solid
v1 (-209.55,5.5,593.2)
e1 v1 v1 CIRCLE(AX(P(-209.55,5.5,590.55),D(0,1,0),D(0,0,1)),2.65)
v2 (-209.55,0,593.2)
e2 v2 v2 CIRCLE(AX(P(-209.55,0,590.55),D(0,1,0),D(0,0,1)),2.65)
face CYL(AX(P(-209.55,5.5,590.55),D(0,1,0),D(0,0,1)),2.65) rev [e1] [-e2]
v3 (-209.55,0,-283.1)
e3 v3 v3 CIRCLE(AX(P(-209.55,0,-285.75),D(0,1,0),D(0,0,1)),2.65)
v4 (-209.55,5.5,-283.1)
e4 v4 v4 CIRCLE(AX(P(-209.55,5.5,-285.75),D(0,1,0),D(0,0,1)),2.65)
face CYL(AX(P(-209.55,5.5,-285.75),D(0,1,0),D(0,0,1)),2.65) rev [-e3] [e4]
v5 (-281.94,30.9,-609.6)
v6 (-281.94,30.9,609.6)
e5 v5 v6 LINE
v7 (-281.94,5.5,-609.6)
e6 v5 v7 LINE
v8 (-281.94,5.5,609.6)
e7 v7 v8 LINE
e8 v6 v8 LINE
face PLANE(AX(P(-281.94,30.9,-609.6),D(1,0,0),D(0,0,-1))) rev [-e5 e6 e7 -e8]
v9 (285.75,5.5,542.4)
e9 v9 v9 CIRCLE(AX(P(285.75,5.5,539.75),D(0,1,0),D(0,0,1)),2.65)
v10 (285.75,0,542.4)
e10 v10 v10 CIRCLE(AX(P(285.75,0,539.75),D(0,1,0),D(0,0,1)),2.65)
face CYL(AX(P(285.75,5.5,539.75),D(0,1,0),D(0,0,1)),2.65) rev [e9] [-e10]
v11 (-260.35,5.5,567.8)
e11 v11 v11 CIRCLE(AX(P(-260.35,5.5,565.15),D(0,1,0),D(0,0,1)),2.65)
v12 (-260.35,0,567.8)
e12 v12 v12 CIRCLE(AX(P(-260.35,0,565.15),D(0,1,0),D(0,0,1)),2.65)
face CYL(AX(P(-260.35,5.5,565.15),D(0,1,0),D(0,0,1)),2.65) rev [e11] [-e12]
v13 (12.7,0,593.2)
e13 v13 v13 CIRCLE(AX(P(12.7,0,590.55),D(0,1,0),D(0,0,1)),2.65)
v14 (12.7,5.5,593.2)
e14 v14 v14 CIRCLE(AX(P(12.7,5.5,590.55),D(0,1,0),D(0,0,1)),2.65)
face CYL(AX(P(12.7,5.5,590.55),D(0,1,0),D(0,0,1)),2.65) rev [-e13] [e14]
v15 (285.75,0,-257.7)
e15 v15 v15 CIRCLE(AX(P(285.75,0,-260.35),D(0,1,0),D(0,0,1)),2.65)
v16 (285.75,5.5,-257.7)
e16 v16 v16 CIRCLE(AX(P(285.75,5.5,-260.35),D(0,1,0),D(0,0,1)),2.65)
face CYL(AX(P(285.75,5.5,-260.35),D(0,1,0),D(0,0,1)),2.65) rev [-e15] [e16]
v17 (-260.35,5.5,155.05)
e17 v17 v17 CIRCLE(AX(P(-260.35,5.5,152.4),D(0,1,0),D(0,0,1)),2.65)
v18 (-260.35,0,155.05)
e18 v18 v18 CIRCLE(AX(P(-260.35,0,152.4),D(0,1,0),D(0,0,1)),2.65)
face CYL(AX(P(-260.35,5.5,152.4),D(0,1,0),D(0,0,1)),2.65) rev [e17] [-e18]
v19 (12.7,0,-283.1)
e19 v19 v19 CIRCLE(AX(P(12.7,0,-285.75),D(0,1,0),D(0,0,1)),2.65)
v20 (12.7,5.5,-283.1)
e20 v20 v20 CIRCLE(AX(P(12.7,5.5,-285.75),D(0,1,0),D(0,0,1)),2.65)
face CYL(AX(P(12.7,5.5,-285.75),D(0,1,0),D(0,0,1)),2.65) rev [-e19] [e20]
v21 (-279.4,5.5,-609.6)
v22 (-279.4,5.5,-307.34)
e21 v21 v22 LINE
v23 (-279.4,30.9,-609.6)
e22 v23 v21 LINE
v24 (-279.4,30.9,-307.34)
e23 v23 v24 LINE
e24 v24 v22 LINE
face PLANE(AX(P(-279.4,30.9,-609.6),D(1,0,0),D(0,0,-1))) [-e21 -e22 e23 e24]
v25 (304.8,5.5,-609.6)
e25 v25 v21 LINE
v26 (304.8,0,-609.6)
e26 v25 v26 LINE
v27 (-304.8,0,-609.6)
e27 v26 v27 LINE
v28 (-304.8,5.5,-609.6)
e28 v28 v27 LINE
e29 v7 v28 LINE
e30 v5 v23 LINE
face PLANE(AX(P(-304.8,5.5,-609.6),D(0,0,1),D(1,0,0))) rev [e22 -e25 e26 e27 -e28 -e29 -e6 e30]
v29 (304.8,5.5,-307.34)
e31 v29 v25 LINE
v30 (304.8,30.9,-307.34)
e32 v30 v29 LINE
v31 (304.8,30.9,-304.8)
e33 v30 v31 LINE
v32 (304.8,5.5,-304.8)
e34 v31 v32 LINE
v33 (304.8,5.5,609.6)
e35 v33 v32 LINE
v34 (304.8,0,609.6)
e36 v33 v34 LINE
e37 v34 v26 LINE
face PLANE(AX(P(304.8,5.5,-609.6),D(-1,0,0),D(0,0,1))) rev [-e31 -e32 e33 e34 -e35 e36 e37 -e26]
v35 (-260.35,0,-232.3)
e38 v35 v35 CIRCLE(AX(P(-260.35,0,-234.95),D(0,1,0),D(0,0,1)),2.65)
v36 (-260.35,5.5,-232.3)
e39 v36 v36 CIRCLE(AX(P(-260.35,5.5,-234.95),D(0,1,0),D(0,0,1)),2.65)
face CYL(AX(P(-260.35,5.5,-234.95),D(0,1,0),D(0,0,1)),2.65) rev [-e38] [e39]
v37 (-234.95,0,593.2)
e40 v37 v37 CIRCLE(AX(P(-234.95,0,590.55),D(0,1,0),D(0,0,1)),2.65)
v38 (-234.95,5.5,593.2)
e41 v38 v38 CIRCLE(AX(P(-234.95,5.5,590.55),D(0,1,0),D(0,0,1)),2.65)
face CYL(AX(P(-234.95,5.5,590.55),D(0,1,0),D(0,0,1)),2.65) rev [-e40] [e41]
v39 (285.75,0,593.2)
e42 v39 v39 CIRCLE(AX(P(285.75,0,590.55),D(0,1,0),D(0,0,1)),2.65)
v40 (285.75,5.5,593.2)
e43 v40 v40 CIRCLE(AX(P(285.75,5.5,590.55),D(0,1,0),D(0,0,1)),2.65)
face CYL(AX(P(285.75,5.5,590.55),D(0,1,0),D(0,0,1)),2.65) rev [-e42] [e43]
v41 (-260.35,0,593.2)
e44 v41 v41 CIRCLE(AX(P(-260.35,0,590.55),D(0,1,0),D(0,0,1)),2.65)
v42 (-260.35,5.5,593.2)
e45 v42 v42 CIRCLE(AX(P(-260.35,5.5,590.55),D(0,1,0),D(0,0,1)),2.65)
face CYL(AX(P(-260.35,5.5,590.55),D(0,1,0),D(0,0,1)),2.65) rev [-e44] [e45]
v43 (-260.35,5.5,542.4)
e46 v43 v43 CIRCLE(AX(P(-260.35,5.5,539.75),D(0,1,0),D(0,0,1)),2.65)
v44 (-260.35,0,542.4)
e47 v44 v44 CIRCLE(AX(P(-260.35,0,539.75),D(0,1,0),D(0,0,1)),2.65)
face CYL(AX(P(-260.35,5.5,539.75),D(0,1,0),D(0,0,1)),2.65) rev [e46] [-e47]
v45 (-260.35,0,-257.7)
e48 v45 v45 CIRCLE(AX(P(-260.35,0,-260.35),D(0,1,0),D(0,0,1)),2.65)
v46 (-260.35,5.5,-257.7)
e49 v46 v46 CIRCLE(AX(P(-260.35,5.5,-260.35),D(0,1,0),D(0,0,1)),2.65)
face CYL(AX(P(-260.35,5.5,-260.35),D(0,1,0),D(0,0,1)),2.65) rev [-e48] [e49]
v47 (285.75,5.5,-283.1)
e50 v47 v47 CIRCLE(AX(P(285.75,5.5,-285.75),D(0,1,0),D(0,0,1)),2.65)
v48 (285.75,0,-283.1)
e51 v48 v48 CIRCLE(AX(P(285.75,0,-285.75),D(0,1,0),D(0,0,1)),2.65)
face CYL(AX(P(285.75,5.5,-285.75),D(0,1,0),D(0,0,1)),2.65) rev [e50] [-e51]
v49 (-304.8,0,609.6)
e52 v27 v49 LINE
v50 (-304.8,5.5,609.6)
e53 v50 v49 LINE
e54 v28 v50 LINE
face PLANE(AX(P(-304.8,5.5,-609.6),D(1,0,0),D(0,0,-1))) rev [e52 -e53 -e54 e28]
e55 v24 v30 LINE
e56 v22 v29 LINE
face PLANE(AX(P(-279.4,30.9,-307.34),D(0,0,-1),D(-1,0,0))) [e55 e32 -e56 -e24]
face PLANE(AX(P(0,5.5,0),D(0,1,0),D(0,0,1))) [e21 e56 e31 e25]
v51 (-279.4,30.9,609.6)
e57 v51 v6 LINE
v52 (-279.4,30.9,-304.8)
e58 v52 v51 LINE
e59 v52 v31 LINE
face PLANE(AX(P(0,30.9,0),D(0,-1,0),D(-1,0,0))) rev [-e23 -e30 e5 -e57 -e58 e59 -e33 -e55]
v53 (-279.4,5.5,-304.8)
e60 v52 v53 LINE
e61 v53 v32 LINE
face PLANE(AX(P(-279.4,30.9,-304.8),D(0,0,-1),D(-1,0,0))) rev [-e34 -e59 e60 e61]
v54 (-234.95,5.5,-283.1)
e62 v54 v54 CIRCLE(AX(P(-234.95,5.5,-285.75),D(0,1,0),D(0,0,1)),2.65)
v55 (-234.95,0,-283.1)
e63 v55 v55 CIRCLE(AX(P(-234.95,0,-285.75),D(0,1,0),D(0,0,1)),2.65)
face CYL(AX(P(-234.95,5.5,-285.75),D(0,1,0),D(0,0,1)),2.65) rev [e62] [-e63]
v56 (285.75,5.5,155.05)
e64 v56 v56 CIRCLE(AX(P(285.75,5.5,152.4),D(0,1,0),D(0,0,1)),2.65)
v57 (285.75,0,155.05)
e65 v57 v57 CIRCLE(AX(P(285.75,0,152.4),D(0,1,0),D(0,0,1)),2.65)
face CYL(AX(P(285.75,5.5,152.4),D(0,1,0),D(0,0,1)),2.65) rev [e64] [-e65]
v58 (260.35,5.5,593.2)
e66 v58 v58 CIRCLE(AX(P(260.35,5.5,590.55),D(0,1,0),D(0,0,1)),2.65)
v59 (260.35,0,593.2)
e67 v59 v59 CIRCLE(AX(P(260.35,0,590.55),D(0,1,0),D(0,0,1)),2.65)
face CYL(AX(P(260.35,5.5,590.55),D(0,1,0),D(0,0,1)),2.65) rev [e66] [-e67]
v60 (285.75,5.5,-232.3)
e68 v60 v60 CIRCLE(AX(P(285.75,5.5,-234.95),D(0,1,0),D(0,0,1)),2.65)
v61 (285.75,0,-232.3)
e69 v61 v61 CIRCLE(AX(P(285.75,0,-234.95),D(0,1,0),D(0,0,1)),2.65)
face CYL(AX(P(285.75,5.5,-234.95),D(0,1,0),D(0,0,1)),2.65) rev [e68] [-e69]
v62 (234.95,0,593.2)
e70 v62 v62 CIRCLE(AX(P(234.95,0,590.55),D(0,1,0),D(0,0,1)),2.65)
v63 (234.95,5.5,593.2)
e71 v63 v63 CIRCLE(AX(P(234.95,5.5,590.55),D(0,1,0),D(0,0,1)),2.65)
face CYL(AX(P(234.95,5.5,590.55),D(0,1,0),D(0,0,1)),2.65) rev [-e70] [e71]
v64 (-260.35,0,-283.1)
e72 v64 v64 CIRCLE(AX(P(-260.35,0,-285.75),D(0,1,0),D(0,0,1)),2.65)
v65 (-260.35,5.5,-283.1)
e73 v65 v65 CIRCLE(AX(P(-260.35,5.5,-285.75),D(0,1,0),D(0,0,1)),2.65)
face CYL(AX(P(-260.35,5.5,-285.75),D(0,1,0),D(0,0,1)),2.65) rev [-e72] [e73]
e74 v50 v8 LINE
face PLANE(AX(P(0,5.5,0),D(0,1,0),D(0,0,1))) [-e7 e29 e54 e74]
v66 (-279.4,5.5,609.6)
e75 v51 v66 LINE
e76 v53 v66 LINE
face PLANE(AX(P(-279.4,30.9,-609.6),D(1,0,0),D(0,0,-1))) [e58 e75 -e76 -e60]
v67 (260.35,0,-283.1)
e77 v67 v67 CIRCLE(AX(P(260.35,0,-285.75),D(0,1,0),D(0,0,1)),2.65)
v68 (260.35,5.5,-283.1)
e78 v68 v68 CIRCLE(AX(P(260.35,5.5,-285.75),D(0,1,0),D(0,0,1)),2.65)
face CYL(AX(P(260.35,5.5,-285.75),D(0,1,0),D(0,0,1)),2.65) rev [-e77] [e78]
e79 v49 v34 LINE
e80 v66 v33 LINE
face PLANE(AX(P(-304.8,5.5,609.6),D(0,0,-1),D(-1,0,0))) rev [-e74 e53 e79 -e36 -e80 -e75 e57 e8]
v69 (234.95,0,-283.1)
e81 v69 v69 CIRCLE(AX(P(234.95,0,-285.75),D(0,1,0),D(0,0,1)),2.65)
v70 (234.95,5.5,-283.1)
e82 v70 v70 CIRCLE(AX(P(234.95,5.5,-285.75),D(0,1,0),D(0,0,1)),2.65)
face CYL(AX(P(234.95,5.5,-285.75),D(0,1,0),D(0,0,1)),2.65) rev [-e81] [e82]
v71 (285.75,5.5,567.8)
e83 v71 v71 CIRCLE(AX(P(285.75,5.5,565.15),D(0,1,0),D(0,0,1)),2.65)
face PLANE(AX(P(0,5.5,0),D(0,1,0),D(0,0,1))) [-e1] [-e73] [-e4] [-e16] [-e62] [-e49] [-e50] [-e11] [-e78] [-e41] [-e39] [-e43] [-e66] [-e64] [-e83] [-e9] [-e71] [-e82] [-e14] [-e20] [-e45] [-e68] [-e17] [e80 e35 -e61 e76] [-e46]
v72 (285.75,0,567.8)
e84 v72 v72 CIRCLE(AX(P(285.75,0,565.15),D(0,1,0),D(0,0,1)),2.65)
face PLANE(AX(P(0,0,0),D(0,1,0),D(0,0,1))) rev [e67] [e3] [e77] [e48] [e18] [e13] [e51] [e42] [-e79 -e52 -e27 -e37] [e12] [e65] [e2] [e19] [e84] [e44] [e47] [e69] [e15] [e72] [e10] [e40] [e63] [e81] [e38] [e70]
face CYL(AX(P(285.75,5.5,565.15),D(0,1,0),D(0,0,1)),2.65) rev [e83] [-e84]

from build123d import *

# Parameters (mm, degrees)
SKETCH1_W                  = 609.6
SKETCH1_H                  = 1219.2
BOSS_EXTRUDE1_DEPTH        = 5.5
SKETCH2_W                  = 584.2
SKETCH2_H                  = 2.54
EXTRUDE_THIN1_DEPTH        = 25.4
SKETCH2_3_W                = 2.54
SKETCH2_3_H                = 1219.2
SKETCH2_3_W_2              = 584.2
SKETCH2_3_H_2              = 2.54
EXTRUDE_THIN2_DEPTH        = 25.4
F_5_3_5_3_DIAMETER_HOLE1_D = 5.3


with BuildPart() as part:
    # Sketch1 → Boss-Extrude1 (new body)
    with BuildSketch(Plane(origin=(0, 0, 0), x_dir=(1, 0, 0), z_dir=(0, 1, 0))):
        Rectangle(SKETCH1_W, SKETCH1_H)
    extrude(amount=BOSS_EXTRUDE1_DEPTH)

    # Sketch2 → Extrude-Thin1 (add)
    with BuildSketch(Plane(origin=(0, 5.5, 0), x_dir=(1, 0, 0), z_dir=(0, 1, 0))):
        with Locations((12.7, 306.07)):
            Rectangle(SKETCH2_W, SKETCH2_H)
    extrude(amount=EXTRUDE_THIN1_DEPTH)

    # Sketch2<3> → Extrude-Thin2 (add)
    with BuildSketch(Plane(origin=(0, 5.5, 0), x_dir=(1, 0, 0), z_dir=(0, 1, 0))):
        with Locations((-280.67, 0)):
            Rectangle(SKETCH2_3_W, SKETCH2_3_H)
        with Locations((12.7, 306.07)):
            Rectangle(SKETCH2_3_W_2, SKETCH2_3_H_2)
    extrude(amount=EXTRUDE_THIN2_DEPTH)

    # Ø5.3 (5.3) Diameter Hole1 (through all)
    with Locations(Plane(origin=(0, 5.5, 0), x_dir=(1, 0, 0), z_dir=(0, 1, 0))):
        with Locations((-260.35, 285.75), (-234.95, 285.75), (-209.55, 285.75), (-260.35, 260.35), (-260.35, 234.95), (12.7, 285.75), (234.95, 285.75), (260.35, 285.75), (285.75, 285.75), (285.75, 260.35), (285.75, 234.95), (-260.35, -152.4), (285.75, -152.4), (-260.35, -539.75), (-260.35, -565.15), (-260.35, -590.55), (-234.95, -590.55), (-209.55, -590.55), (12.7, -590.55), (234.95, -590.55), (260.35, -590.55), (285.75, -590.55), (285.75, -565.15), (285.75, -539.75)):
            Hole(F_5_3_5_3_DIAMETER_HOLE1_D / 2)


solid = part.part
